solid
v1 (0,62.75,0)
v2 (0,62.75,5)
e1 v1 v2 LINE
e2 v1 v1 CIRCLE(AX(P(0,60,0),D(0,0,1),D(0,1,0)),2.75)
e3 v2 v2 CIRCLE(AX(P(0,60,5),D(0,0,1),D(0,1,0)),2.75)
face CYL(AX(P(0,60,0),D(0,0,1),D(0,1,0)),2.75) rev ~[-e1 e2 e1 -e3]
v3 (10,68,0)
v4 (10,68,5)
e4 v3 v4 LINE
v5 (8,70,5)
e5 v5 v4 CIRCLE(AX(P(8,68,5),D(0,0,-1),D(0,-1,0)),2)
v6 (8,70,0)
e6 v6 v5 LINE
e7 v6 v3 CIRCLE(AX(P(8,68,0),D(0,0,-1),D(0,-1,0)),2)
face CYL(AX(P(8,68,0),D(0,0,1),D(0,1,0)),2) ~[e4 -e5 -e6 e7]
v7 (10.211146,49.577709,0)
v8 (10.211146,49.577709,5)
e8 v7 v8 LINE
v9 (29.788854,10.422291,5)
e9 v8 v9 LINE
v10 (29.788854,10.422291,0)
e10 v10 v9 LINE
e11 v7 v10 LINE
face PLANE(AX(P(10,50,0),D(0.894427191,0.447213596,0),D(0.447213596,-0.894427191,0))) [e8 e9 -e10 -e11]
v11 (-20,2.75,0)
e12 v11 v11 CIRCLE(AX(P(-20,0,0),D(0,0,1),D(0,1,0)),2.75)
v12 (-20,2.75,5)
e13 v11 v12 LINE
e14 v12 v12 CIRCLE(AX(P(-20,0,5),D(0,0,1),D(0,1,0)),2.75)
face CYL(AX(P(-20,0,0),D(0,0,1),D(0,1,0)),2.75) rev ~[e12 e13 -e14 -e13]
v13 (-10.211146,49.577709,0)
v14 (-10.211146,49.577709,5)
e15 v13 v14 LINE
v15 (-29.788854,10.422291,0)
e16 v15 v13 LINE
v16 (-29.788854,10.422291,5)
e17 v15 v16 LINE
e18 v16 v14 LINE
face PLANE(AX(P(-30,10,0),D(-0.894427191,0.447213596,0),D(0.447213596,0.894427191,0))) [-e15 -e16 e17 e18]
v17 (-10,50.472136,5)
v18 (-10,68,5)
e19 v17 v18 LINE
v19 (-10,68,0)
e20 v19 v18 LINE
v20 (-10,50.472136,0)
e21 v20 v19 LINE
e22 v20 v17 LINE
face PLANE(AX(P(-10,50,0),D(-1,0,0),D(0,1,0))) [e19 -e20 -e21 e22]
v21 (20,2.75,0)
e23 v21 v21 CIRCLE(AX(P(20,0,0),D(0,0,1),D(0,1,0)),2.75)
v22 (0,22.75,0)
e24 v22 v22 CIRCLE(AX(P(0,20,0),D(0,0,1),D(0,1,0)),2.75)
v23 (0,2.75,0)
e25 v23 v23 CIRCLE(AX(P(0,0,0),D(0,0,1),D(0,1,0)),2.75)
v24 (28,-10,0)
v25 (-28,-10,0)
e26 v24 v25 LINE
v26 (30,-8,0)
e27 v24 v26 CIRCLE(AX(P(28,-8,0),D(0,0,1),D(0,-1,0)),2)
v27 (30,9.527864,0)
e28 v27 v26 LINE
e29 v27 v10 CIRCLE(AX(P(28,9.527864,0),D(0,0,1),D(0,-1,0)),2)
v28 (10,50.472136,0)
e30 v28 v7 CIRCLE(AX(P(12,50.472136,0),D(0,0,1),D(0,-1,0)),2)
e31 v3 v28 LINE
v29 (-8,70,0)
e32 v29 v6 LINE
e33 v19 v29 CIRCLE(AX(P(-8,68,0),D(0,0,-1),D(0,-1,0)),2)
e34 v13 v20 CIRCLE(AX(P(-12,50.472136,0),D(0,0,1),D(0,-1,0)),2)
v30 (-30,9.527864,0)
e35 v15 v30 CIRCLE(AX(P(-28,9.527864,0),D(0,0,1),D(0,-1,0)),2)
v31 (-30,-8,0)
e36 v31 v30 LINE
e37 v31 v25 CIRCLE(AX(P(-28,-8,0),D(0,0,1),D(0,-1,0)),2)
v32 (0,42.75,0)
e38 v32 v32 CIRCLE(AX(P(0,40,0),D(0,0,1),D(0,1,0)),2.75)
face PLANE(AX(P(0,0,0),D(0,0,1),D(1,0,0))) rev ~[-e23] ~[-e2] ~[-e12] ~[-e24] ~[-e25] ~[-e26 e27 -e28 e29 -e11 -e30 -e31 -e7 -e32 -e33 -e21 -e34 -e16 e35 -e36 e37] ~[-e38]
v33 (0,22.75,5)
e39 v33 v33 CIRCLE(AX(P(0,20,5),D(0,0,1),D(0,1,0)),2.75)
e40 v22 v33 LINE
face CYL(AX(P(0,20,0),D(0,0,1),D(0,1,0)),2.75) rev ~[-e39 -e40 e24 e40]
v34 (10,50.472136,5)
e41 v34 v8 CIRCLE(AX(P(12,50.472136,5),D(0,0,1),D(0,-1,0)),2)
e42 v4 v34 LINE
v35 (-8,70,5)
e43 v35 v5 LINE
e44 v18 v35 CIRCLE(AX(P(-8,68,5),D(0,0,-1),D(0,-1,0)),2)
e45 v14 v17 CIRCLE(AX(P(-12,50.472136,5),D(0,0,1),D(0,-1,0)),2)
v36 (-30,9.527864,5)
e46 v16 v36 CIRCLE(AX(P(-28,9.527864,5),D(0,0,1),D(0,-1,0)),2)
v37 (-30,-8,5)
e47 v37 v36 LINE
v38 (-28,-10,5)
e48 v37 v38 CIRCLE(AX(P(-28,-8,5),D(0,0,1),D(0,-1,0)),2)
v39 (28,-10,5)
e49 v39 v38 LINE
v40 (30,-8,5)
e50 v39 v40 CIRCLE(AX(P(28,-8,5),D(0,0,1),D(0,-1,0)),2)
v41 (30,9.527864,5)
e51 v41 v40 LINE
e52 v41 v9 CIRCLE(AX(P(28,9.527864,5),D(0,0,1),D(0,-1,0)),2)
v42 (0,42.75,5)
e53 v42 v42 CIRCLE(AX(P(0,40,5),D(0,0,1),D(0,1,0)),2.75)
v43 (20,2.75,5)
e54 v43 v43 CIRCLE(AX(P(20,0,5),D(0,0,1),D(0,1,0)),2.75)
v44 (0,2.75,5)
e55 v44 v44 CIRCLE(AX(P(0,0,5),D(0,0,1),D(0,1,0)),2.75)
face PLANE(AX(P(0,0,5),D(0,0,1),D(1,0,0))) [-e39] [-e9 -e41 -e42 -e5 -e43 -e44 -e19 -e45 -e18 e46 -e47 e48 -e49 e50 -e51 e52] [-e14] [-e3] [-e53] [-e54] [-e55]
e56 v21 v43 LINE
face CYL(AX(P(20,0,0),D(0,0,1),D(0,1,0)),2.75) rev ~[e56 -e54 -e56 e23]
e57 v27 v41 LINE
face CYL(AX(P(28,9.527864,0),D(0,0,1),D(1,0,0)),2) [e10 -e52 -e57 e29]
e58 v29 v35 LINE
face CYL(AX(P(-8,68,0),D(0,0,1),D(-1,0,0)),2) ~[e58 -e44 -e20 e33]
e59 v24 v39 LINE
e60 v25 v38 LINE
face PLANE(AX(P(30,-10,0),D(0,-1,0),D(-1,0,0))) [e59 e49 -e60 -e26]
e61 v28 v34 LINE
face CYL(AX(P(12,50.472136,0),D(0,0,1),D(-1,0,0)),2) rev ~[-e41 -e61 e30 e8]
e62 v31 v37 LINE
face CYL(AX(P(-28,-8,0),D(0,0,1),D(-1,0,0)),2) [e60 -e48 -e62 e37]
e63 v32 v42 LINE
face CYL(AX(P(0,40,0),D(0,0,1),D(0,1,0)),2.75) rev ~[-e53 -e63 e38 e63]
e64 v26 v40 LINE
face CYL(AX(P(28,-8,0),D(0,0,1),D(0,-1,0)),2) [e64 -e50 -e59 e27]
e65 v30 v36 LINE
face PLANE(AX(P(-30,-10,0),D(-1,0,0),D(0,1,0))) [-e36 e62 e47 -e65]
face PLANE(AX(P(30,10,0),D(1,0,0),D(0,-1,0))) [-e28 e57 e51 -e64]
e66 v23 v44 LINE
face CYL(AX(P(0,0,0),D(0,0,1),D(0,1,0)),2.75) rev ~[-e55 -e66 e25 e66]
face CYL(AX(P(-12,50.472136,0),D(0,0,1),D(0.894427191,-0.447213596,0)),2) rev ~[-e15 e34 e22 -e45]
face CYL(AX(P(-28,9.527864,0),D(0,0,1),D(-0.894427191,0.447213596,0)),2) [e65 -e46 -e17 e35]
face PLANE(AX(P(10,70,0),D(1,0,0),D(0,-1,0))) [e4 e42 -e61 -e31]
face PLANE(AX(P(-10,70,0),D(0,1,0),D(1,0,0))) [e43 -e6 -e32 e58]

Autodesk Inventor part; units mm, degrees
ref_plane "YZ Plane" through (0, 0, 0) normal (1, 0, 0) x (0, 1, 0)
ref_plane "XZ Plane" through (0, 0, 0) normal (0, 1, 0) x (-1, 0, 0)
ref_plane "XY Plane" through (0, 0, 0) normal (0, 0, 1) x (1, 0, 0)
sketch "Sketch2" plane through (0, 0, 0) normal (0, 0, 1) x (1, 0, 0)
  line L0 (0, 0) -> (0, 20) construction
  line L1 (0, 20) -> (0, 40) construction
  line L2 (0, 40) -> (0, 60) construction
  line L3 (0, 0) -> (20, 0) construction
  line L4 (0, 0) -> (-20, 0) construction
  line L5 (-30, 10) -> (-10, 50)
  line L6 (-10, 50) -> (-10, 70)
  line L7 (-10, 70) -> (10, 70)
  line L8 (10, 70) -> (10, 50)
  line L9 (10, 50) -> (30, 10)
  line L10 (30, 10) -> (30, -10)
  line L11 (30, -10) -> (-30, -10)
  line L12 (-30, -10) -> (-30, 10)
  line L13 (0, 0) -> (0, -10) construction
  line L14 (0, 70) -> (0, 60) construction
  dimension "d0" = 20
  dimension "d1" = 10
  dimension "d2" = 20
  dimension "d3" = 60
  dimension "d4" = 10
  dimension "d5" = 20
extrude "Extrusion1" add sketch "Sketch2" along normal blind 5
hole "Hole1" at (0, 40, 0) at (0, 20, 0) at (0, 60, 0) at (-20, 0, 0) at (0, 0, 0) at (20, 0, 0) direction (0, 0, 1) diameter 5.5 end through all clearance for "Flat Head Machine Screw" size "M5" standard "Ansi Metric M Profile"
fillet "Fillet1" radius 2 8 edges at (-10, 70, 2.5) (-30, 10, 2.5) (-30, -10, 2.5) (30, -10, 2.5) (30, 10, 2.5) (10, 70, 2.5) (10, 50, 2.5) (-10, 50, 2.5)
properties part number "8060T"
